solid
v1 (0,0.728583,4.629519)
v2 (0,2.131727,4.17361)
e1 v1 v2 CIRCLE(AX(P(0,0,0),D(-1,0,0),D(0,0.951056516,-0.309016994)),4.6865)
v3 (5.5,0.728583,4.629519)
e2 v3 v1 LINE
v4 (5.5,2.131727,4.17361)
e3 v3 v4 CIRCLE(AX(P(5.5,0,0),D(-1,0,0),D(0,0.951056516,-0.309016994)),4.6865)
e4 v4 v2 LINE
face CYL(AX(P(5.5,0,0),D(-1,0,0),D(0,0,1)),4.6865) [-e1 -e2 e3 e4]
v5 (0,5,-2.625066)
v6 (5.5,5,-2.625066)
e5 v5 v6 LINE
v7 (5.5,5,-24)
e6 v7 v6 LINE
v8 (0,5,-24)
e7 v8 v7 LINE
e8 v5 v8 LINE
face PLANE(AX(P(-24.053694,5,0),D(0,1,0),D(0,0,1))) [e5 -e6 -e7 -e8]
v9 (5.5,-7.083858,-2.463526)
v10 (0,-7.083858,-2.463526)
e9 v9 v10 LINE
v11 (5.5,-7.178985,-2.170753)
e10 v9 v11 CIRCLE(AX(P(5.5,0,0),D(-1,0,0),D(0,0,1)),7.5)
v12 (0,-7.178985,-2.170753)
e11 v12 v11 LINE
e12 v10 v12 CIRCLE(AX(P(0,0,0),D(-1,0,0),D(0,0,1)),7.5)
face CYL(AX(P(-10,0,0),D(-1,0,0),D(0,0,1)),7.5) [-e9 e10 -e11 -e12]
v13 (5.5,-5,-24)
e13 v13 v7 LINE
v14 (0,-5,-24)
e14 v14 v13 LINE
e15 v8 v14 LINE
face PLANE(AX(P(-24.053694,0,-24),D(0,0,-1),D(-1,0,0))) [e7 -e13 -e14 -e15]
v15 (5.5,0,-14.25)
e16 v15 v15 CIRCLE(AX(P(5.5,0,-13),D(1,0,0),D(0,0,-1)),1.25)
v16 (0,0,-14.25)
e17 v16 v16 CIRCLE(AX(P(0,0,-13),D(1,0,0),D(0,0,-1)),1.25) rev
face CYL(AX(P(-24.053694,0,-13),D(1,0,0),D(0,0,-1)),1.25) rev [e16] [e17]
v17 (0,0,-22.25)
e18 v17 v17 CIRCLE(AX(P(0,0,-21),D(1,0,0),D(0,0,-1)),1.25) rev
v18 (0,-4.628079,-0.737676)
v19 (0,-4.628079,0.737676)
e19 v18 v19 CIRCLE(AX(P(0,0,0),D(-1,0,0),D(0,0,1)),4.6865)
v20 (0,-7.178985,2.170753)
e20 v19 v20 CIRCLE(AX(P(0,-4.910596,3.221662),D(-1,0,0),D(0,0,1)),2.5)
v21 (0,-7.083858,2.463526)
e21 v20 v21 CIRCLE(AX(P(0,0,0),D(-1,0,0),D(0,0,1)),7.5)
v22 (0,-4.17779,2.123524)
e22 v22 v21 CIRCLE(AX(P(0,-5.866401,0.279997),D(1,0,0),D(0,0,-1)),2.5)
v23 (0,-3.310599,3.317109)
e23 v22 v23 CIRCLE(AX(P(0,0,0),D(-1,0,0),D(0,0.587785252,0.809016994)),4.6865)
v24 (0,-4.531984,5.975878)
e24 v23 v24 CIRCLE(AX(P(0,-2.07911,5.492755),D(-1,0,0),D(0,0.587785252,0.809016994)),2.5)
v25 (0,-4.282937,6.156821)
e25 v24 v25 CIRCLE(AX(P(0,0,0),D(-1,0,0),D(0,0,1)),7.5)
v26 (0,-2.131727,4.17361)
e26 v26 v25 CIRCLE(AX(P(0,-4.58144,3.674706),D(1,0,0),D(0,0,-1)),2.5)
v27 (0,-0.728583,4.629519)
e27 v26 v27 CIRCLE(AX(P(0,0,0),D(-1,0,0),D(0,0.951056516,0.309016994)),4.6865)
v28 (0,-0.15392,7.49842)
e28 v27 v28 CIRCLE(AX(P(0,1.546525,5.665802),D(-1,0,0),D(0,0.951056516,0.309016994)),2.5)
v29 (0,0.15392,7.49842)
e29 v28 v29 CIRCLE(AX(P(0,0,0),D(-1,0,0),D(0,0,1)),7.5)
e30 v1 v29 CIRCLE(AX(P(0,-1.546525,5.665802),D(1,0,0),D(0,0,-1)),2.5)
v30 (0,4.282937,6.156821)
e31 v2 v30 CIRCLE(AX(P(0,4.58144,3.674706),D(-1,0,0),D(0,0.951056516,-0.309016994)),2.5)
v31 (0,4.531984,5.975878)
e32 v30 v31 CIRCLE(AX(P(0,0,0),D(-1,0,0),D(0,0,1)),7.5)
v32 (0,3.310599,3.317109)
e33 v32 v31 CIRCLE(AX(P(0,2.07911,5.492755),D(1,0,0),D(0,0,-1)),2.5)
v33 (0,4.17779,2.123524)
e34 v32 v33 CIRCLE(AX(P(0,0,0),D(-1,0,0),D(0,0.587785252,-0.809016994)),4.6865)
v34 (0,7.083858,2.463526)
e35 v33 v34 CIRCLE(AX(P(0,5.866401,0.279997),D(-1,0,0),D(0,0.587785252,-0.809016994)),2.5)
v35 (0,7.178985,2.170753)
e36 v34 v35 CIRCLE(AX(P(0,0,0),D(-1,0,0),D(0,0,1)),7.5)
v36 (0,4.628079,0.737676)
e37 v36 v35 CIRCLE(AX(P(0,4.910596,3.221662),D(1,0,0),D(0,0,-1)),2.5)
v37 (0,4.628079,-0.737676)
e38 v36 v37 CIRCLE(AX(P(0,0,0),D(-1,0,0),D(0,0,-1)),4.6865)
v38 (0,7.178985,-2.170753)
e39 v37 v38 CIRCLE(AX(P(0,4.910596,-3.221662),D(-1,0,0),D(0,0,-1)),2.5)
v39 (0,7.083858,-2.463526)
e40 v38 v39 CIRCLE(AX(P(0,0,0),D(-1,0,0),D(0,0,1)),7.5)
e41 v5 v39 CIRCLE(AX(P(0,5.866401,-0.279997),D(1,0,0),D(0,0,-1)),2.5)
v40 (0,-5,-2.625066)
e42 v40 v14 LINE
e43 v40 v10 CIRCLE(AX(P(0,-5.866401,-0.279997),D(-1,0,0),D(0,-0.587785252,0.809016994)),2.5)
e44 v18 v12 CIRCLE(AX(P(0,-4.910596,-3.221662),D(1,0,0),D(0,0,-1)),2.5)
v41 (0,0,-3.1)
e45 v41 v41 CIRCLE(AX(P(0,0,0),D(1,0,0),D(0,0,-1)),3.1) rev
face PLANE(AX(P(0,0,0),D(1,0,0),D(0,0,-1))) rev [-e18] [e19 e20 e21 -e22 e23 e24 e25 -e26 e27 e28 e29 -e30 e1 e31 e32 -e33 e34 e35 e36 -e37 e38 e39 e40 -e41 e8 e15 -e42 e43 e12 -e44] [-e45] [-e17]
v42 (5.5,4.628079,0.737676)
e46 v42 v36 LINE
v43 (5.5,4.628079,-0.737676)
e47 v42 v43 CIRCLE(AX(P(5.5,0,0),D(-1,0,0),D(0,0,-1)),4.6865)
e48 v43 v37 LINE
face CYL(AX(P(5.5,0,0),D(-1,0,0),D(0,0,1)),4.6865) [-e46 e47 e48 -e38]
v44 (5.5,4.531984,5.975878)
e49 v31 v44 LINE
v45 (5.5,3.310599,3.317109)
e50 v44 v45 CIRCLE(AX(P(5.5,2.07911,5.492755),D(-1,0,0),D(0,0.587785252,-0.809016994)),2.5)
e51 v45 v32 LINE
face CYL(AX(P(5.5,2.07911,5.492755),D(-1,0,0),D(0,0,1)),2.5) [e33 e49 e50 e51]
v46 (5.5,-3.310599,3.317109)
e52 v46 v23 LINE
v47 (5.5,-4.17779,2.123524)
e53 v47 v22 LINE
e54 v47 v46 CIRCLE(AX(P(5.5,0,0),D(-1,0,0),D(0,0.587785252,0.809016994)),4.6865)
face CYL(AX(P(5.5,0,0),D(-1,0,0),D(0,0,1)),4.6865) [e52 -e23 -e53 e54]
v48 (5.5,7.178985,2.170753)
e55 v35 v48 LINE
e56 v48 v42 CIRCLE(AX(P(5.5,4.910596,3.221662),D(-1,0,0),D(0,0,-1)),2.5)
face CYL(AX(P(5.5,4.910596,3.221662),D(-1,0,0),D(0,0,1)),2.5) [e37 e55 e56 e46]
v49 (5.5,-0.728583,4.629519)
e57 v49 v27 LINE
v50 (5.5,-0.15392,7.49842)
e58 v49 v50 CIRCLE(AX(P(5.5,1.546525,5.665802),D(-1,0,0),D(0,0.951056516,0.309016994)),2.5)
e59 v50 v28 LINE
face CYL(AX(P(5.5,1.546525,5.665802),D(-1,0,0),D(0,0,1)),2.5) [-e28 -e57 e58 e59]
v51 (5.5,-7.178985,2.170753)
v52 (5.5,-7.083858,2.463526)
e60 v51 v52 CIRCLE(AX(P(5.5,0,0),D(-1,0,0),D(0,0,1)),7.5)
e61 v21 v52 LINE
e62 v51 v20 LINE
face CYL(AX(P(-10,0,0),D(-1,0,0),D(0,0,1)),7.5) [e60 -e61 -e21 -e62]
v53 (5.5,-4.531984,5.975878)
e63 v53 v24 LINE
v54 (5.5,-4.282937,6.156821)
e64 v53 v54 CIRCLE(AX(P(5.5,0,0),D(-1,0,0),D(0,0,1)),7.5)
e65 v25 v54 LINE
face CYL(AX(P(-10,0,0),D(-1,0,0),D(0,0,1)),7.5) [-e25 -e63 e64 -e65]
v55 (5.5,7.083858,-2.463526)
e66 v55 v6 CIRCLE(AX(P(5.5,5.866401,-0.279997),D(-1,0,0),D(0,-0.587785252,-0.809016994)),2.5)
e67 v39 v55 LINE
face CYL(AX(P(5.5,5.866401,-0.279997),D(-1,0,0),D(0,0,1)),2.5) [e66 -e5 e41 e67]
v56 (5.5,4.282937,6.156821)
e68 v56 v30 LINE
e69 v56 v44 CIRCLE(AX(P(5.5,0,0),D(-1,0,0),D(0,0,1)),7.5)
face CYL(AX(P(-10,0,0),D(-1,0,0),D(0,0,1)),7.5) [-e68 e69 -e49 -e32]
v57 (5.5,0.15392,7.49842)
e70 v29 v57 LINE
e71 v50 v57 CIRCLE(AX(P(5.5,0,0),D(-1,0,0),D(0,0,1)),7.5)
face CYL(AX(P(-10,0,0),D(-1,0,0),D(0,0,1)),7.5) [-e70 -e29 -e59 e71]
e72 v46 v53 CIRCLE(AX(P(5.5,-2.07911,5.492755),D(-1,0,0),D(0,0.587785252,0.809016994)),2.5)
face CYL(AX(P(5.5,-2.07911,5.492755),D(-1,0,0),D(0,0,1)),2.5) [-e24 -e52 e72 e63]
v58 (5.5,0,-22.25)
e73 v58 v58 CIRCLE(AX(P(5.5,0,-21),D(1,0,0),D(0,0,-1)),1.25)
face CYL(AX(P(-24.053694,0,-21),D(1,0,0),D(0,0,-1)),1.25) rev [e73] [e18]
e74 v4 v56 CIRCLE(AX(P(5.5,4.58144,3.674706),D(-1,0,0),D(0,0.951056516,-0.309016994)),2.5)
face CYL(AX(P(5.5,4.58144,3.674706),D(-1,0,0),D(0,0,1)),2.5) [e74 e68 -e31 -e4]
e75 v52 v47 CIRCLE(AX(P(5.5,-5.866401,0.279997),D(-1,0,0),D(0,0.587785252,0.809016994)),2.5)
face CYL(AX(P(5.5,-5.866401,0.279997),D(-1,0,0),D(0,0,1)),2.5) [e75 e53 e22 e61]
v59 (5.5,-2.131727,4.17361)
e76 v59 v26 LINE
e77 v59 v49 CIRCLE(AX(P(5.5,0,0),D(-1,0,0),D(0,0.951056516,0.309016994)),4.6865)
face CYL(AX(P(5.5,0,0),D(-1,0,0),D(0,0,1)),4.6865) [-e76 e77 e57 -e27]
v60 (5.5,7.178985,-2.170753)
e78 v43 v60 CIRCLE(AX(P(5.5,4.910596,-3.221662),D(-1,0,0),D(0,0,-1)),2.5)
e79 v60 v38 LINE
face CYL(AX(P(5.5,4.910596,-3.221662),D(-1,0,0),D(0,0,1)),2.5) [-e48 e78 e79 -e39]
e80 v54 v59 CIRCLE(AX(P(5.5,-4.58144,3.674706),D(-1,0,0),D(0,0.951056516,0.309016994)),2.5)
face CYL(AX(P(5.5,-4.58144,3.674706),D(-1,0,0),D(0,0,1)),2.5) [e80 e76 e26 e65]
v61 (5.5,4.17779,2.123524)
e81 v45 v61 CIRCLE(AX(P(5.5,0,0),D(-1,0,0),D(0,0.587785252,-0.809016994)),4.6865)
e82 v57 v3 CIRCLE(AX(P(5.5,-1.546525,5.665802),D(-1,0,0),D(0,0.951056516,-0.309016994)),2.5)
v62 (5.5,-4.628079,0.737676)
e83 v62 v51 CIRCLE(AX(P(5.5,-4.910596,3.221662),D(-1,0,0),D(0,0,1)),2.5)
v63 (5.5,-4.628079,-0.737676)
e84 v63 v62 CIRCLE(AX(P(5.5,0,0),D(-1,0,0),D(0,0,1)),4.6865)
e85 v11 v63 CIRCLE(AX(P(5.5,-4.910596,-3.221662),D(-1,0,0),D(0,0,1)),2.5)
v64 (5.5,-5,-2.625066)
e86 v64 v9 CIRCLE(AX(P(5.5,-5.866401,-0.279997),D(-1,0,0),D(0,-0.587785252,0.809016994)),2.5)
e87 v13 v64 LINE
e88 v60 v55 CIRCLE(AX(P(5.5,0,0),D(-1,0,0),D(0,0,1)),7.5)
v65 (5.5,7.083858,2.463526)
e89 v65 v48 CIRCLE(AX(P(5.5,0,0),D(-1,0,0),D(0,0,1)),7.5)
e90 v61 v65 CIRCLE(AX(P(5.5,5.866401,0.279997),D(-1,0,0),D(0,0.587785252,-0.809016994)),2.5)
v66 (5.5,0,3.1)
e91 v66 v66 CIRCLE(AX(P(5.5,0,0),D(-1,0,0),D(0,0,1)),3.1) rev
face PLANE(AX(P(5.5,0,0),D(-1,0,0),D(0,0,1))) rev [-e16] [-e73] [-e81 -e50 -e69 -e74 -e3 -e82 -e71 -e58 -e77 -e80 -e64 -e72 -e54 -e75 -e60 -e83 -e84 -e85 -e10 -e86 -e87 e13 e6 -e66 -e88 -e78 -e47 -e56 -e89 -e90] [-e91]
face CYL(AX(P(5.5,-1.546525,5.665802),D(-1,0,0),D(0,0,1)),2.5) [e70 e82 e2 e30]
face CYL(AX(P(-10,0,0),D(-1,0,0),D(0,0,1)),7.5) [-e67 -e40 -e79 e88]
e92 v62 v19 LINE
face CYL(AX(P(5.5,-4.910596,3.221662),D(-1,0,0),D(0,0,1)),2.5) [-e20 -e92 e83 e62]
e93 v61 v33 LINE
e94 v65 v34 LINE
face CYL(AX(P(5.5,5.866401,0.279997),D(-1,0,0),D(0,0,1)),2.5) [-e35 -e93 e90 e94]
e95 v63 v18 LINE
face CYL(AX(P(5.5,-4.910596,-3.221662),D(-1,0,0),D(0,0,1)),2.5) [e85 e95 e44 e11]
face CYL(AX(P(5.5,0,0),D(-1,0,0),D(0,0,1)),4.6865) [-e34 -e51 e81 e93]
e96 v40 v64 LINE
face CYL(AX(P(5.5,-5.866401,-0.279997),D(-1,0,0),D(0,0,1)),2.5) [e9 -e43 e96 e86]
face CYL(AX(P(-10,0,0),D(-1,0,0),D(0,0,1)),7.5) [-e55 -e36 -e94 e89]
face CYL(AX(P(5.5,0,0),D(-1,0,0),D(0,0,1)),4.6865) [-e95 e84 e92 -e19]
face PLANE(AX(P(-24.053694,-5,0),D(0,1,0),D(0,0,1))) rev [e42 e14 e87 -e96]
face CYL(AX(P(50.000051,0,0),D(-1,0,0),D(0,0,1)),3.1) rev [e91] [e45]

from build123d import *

# Parameters (mm, degrees)
BASPROSKE_W     = 5.5
BASPROSKE_H     = 7.5
TOOTHCUT_DEPTH  = 12.947803145
TEETHCUTS_COUNT = 10
TEETHCUTS_ANGLE = 324
BORSKE_R        = 3.1
BORE_DEPTH      = 50.0000508
EXTRUDE_START   = -5.5
SKETCH_1_R      = 1.25
EXTRUDE_1_DEPTH = 5.5


with BuildPart() as part:
    # BasProSke → Base-Revolve (revolve)
    with BuildSketch(Plane(origin=(0, 0, 0), x_dir=(1, 0, 0), z_dir=(0, 1, 0)), mode=Mode.PRIVATE) as base_revolve_sk:
        with Locations((2.75, 3.75)):
            Rectangle(BASPROSKE_W, BASPROSKE_H)
    revolve(base_revolve_sk.sketch.rotate(Axis((-10, 0, 0), (1, 0, 0)), 180), axis=Axis((-10, 0, 0), (1, 0, 0)))

    # TooCutSke → ToothCut (cut, through all)
    with BuildSketch(Plane(origin=(0, 0, 0), x_dir=(0, 0, -1), z_dir=(1, 0, 0))):
        with BuildLine():
            ThreePointArc((0.737676151, 4.628079099), (0, 4.6865), (-0.737676151, 4.628079099))
            ThreePointArc((-0.737676151, 4.628079099), (-1.051542781, 6.151798382), (-2.205760267, 7.194877817))
            ThreePointArc((-2.205760267, 7.194877817), (0, 7.5254), (2.205760267, 7.194877817))
            ThreePointArc((2.205760267, 7.194877817), (1.051542781, 6.151798382), (0.737676151, 4.628079099))
        make_face()
    toothcut = extrude(amount=TOOTHCUT_DEPTH, mode=Mode.SUBTRACT)

    # TeethCuts: ToothCut ×10 about axis
    teethcuts_axis = Axis((-10, 0, 0), (1, 0, 0))
    for i in range(1, TEETHCUTS_COUNT):
        add(toothcut.rotate(teethcuts_axis, i * TEETHCUTS_ANGLE / (TEETHCUTS_COUNT - 1)), mode=Mode.SUBTRACT)

    # BorSke → Bore (cut, symmetric)
    with BuildSketch(Plane(origin=(0, 0, 0), x_dir=(0, 0, -1), z_dir=(1, 0, 0))):
        with Locations(Location((0, 0, 0), (0, 0, 180))):
            Circle(BORSKE_R)
    extrude(amount=BORE_DEPTH, both=True, mode=Mode.SUBTRACT)

    # ｽｹｯﾁ1 → ﾎﾞｽ - 押し出し1 (add)
    with BuildSketch(Plane(origin=(5.5, 0, 0), x_dir=(0, 0, -1), z_dir=(1, 0, 0)).offset(EXTRUDE_START)):
        with BuildLine():
            Line((2.625065975, -5), (24, -5))
            Line((24, -5), (24, 5))
            Line((24, 5), (2.625065975, 5))
            ThreePointArc((2.625065975, 5), (2.414263067, 4.564514712), (2.123524099, 4.177789805))
            ThreePointArc((2.123524099, 4.177789805), (2.754655585, 3.791458144), (3.317109183, 3.31059948))
            ThreePointArc((3.317109183, 3.31059948), (4.449153618, 4.350870864), (5.975877892, 4.53198449))
            ThreePointArc((5.975877892, 4.53198449), (6.067627458, 4.408389392), (6.156821206, 4.282937385))
            ThreePointArc((6.156821206, 4.282937385), (5.512788165, 2.886903504), (4.173610318, 2.131726803))
            ThreePointArc((4.173610318, 2.131726803), (4.457126364, 1.448208144), (4.629519252, 0.728583383))
            ThreePointArc((4.629519252, 0.728583383), (6.156818616, 0.904781587), (7.498420418, 0.153919576))
            ThreePointArc((7.498420418, 0.153919576), (7.5, 0), (7.498420418, -0.153919576))
            ThreePointArc((7.498420418, -0.153919576), (6.156818616, -0.904781587), (4.629519252, -0.728583383))
            ThreePointArc((4.629519252, -0.728583383), (4.457126364, -1.448208144), (4.173610318, -2.131726803))
            ThreePointArc((4.173610318, -2.131726803), (5.512788165, -2.886903504), (6.156821206, -4.282937385))
            ThreePointArc((6.156821206, -4.282937385), (6.067627458, -4.408389392), (5.975877892, -4.53198449))
            ThreePointArc((5.975877892, -4.53198449), (4.449153618, -4.350870864), (3.317109183, -3.31059948))
            ThreePointArc((3.317109183, -3.31059948), (2.754655585, -3.791458144), (2.123524099, -4.177789805))
            ThreePointArc((2.123524099, -4.177789805), (2.414263067, -4.564514712), (2.625065975, -5))
        make_face()
        with Locations((13, 0)):
            Circle(SKETCH_1_R, mode=Mode.SUBTRACT)
        with Locations((21, 0)):
            Circle(SKETCH_1_R, mode=Mode.SUBTRACT)
    extrude(amount=EXTRUDE_1_DEPTH)


solid = part.part
